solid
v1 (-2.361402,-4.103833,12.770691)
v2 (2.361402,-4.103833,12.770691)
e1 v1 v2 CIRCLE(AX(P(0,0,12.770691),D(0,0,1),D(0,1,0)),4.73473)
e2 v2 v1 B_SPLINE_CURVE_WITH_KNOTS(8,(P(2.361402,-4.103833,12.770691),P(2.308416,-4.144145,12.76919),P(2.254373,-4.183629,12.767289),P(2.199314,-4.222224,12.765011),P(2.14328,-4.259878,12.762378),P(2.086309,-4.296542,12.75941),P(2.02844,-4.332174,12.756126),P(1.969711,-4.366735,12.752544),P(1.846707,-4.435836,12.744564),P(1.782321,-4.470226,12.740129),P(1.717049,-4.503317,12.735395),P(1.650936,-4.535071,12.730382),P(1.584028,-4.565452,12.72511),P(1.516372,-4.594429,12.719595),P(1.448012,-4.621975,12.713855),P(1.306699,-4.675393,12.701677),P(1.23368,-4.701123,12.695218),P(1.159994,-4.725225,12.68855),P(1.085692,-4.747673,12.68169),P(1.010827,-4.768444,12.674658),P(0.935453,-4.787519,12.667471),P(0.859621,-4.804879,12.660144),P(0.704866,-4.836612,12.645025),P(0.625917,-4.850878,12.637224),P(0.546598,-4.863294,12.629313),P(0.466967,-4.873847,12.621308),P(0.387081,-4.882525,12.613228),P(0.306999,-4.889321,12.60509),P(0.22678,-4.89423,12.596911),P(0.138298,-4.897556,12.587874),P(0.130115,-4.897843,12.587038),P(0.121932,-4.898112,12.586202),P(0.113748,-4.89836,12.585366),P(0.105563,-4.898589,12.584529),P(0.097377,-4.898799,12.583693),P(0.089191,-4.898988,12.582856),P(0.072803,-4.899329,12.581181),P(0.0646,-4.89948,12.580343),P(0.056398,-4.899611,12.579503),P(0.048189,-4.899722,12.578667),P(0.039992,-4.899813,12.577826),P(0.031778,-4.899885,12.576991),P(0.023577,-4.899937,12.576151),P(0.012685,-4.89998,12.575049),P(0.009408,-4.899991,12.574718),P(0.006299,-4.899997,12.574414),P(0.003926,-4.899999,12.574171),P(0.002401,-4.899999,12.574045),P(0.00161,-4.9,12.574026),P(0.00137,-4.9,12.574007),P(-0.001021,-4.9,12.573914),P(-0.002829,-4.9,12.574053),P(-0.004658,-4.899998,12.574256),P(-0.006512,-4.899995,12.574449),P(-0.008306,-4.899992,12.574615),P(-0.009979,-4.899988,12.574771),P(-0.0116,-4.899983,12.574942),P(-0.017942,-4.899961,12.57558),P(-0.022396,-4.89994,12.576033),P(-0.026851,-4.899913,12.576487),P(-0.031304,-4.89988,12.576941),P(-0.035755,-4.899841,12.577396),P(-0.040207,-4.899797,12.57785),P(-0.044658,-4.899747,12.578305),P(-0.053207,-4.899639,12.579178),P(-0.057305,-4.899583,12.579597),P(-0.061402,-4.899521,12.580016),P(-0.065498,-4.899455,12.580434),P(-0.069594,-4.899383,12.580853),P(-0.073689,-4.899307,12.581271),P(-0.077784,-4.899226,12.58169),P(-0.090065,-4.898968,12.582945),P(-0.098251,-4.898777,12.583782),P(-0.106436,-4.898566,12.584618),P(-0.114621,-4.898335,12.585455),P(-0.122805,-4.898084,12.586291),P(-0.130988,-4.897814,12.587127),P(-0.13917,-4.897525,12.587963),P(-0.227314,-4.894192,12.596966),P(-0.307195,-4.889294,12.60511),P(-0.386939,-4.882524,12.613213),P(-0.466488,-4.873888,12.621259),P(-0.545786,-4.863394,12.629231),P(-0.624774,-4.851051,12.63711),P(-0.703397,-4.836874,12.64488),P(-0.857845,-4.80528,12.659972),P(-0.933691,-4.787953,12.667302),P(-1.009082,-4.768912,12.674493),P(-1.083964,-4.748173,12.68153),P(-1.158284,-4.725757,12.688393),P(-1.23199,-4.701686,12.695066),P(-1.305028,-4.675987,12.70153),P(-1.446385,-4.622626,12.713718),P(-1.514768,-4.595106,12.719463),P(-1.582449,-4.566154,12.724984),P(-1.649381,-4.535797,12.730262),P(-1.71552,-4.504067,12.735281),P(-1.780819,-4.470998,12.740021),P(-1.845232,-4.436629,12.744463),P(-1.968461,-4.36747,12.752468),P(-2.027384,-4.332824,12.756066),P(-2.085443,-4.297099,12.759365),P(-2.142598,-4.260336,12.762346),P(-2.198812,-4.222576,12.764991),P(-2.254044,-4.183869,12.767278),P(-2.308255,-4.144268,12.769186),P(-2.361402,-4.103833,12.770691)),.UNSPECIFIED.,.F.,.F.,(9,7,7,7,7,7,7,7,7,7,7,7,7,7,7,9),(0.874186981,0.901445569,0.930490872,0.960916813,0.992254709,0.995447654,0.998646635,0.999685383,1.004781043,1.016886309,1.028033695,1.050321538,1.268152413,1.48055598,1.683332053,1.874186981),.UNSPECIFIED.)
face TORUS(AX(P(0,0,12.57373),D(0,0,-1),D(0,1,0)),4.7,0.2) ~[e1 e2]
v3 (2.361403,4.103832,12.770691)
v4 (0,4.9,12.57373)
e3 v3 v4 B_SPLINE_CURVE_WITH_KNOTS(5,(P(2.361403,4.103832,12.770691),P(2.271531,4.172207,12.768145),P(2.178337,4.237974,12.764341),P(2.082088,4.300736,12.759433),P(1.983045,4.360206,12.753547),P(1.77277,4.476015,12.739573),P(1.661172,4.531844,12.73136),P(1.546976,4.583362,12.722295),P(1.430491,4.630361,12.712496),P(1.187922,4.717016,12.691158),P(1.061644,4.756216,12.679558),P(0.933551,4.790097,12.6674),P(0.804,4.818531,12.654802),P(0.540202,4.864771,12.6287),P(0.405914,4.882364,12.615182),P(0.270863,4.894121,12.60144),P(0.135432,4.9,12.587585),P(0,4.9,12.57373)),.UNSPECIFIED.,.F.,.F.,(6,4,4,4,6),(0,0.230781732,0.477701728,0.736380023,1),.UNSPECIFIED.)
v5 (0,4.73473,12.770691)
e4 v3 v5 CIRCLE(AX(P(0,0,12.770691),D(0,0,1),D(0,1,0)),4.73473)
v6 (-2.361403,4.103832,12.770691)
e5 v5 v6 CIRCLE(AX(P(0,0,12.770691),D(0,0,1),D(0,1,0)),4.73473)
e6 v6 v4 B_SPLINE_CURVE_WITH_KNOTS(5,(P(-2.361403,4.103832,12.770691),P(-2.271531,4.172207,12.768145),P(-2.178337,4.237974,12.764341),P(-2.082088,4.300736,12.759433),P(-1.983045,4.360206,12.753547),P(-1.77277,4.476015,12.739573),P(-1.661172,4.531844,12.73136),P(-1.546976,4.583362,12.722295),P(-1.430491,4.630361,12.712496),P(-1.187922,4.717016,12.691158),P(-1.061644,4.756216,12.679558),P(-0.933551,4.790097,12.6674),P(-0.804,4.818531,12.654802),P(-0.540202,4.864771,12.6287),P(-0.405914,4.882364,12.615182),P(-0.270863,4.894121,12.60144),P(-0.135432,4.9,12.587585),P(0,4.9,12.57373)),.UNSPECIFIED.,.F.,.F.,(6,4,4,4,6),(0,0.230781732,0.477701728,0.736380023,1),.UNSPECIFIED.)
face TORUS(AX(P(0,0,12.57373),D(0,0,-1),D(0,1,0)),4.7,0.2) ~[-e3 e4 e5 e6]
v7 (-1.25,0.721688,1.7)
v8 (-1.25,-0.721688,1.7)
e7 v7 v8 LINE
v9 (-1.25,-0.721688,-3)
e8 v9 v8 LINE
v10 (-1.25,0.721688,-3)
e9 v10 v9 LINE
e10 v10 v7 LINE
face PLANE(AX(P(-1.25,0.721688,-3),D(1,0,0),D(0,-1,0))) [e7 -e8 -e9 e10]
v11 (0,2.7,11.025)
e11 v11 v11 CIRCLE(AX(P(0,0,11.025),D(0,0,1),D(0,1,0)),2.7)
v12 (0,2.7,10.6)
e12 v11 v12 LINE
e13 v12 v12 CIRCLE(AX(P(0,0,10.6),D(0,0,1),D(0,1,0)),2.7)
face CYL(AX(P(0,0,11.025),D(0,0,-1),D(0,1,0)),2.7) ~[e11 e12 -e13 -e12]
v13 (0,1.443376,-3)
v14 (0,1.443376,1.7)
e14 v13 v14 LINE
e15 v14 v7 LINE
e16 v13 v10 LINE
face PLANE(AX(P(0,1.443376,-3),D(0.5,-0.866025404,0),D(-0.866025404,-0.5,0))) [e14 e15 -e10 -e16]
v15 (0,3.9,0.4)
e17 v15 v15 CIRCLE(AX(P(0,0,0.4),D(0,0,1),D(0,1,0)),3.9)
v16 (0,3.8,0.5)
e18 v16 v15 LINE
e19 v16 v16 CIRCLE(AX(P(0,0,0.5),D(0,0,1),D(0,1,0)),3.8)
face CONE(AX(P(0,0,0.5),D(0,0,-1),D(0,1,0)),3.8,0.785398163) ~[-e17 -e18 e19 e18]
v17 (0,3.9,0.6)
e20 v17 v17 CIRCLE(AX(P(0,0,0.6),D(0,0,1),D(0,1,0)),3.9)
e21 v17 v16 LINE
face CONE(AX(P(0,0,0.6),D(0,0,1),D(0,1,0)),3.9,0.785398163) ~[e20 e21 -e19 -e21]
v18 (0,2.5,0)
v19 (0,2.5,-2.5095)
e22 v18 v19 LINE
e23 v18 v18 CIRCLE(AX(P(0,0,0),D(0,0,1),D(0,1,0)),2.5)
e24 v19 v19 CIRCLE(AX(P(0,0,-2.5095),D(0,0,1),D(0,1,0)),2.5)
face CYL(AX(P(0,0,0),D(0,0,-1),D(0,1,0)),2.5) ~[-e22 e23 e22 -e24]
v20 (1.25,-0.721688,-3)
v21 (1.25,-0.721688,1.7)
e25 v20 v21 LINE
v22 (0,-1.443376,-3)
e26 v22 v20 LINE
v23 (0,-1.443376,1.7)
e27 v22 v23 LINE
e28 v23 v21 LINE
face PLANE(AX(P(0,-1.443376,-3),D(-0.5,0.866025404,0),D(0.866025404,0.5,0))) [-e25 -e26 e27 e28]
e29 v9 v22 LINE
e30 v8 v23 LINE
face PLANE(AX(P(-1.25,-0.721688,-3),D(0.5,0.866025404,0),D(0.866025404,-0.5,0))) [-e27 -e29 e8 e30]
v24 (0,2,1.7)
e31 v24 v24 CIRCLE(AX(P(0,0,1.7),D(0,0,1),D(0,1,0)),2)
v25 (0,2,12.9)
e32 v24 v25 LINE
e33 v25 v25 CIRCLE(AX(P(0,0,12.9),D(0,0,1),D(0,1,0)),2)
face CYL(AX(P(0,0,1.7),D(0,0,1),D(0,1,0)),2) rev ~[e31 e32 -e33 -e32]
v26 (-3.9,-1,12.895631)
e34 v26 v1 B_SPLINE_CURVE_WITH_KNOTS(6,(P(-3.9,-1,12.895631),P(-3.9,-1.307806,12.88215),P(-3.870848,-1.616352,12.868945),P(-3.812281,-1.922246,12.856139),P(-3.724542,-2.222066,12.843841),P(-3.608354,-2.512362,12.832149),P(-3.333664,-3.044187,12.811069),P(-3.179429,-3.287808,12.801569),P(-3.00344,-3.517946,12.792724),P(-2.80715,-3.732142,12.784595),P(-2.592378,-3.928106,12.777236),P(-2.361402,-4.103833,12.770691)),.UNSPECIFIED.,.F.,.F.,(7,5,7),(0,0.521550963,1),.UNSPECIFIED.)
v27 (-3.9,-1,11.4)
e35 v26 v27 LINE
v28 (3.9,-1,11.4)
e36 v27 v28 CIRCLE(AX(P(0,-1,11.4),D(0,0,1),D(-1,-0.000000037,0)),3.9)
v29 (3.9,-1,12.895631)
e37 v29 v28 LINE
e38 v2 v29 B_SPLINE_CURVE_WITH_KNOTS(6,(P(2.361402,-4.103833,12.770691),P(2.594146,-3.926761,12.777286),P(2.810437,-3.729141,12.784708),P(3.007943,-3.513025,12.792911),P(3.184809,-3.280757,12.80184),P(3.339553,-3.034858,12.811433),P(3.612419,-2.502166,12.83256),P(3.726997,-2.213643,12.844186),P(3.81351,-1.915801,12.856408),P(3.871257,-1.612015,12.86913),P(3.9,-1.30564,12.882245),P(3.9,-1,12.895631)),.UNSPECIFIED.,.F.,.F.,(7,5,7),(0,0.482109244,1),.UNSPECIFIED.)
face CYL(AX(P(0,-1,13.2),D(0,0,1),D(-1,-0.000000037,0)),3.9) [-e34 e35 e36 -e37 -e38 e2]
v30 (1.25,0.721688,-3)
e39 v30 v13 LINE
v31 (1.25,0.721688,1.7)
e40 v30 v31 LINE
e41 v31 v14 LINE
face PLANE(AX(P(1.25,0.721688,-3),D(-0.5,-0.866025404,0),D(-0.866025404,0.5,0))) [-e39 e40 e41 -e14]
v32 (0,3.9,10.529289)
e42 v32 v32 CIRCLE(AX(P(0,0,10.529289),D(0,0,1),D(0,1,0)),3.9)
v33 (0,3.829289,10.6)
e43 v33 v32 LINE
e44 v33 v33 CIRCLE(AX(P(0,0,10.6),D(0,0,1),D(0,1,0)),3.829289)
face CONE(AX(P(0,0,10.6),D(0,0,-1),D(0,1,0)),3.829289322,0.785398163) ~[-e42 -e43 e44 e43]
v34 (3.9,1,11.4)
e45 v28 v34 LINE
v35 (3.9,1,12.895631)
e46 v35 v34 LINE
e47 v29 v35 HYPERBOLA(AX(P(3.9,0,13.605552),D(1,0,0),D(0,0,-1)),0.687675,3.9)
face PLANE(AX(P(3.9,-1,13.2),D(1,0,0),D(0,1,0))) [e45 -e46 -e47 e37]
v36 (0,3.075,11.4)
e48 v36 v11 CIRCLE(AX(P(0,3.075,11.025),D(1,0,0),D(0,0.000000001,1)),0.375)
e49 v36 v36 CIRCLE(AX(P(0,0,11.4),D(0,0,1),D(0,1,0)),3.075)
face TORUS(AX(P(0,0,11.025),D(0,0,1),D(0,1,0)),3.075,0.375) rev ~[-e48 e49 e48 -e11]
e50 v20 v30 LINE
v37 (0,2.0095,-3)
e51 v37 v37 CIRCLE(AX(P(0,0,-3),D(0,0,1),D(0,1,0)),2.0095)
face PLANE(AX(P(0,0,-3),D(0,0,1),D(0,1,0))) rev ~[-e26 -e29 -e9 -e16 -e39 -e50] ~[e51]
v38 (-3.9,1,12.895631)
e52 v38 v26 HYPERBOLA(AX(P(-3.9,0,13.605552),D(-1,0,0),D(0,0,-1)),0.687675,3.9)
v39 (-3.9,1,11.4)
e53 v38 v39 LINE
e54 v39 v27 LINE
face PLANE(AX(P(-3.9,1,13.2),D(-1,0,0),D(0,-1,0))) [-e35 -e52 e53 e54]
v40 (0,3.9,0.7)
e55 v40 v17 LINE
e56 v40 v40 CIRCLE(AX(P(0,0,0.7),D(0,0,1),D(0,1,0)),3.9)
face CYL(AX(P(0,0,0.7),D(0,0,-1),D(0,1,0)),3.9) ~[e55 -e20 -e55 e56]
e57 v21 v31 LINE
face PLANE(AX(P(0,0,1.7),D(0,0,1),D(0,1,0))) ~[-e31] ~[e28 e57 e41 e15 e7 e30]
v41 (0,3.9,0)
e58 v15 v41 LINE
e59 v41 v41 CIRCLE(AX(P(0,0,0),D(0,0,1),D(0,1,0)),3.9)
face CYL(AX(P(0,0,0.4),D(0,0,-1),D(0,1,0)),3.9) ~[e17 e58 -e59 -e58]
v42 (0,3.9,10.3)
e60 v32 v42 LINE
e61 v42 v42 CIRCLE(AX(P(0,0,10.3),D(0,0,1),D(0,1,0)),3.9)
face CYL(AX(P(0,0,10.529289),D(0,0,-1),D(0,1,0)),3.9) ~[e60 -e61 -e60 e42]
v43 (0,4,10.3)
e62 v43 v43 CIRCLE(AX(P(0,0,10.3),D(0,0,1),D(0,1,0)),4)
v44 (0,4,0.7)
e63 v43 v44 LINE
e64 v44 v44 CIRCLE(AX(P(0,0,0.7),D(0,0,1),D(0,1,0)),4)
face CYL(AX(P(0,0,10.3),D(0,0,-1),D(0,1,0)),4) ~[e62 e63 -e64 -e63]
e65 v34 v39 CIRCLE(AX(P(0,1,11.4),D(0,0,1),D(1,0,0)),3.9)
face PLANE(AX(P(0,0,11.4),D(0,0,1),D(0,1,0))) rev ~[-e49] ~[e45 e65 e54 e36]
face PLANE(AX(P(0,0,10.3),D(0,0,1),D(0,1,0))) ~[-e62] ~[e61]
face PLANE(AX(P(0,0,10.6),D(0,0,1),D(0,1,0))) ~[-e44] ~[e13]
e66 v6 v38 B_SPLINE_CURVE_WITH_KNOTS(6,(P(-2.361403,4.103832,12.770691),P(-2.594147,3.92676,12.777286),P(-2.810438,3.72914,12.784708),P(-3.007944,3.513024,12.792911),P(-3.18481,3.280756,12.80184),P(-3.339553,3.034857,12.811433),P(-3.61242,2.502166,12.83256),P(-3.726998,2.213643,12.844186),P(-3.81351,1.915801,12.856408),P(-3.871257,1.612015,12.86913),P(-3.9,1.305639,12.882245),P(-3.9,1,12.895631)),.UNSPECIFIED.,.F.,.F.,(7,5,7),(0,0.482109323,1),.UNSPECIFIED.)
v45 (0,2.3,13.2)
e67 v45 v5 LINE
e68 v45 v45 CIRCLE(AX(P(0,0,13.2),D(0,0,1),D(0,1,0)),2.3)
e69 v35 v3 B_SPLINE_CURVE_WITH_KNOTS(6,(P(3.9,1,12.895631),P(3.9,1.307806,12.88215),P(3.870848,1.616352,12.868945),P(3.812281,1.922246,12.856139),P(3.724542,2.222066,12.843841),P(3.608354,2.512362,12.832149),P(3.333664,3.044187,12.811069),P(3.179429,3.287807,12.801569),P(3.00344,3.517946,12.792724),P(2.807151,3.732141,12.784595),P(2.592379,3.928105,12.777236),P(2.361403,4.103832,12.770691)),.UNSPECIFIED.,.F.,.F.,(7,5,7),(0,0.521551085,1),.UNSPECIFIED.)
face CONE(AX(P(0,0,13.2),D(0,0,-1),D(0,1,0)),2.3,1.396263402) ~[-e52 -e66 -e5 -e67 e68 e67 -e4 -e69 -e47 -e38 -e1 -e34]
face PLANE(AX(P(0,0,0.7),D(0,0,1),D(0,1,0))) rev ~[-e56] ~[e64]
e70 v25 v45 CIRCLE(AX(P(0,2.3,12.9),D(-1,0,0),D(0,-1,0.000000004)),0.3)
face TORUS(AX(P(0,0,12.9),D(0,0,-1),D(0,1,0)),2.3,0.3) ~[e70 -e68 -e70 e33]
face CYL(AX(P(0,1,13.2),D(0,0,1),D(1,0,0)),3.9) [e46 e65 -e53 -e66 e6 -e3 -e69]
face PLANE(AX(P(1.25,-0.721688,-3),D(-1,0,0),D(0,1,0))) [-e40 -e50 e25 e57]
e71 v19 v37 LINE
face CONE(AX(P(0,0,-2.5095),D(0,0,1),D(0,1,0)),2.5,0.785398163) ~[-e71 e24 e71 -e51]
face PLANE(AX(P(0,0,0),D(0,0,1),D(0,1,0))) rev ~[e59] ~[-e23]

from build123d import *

# Parameters (mm, degrees)
CUT_EXTRUDE1_DEPTH = 4.7
SKETCH3_W          = 20
SKETCH3_H          = 20
CUT_EXTRUDE2_DEPTH = 2


with BuildPart() as part:
    # Sketch1 → Revolve1 (revolve)
    with BuildSketch(Plane(origin=(0, 0, 0), x_dir=(0, 0, -1), z_dir=(1, 0, 0))):
        with BuildLine():
            Line((-1.7, 0), (-1.7, 2))
            Line((-1.7, 2), (-12.9, 2))
            ThreePointArc((-12.9, 2), (-13.112132034, 2.087867966), (-13.2, 2.3))
            Line((-13.2, 2.3), (-12.770691475, 4.734729636))
            ThreePointArc((-12.770691475, 4.734729636), (-12.702287446, 4.853208889), (-12.573729924, 4.9))
            Line((-12.573729924, 4.9), (-11.4, 4.9))
            Line((-11.4, 4.9), (-11.4, 3.075))
            ThreePointArc((-11.4, 3.075), (-11.290165043, 2.809834957), (-11.025, 2.7))
            Line((-11.025, 2.7), (-10.6, 2.7))
            Line((-10.6, 2.7), (-10.6, 3.829289322))
            Line((-10.6, 3.829289322), (-10.529289322, 3.9))
            Line((-10.529289322, 3.9), (-10.3, 3.9))
            Line((-10.3, 3.9), (-10.3, 4))
            Line((-10.3, 4), (-0.7, 4))
            Line((-0.7, 4), (-0.7, 3.9))
            Line((-0.7, 3.9), (-0.6, 3.9))
            Line((-0.6, 3.9), (-0.5, 3.8))
            Line((-0.5, 3.8), (-0.4, 3.9))
            Line((-0.4, 3.9), (0, 3.9))
            Line((0, 3.9), (0, 2.5))
            Line((0, 2.5), (2.5095, 2.5))
            Line((2.5095, 2.5), (3, 2.0095))
            Line((3, 2.0095), (3, 0))
            Line((3, 0), (-1.7, 0))
        make_face()
    revolve(axis=Axis((0, 0, -3), (0, 0, 1)))

    # Sketch2 → Cut-Extrude1 (cut)
    with BuildSketch(Plane.XY.offset(-3)):
        Polygon((-1.25, -0.721687836), (0, -1.443375673), (1.25, -0.721687836), (1.25, 0.721687836), (0, 1.443375673), (-1.25, 0.721687836), align=None)
    extrude(amount=CUT_EXTRUDE1_DEPTH, mode=Mode.SUBTRACT)

    # Sketch3 → Cut-Extrude2 (cut)
    with BuildSketch(Plane.XY.offset(13.2)):
        Rectangle(SKETCH3_W, SKETCH3_H)
        with BuildLine():
            Line((-3.9, 1), (-3.9, -1))
            ThreePointArc((-3.9, -1), (0, -4.899999854), (3.9, -1))
            Line((3.9, -1), (3.9, 1))
            ThreePointArc((3.9, 1), (0, 4.9), (-3.9, 1))
        make_face(mode=Mode.SUBTRACT)
    extrude(amount=-CUT_EXTRUDE2_DEPTH, mode=Mode.SUBTRACT)


solid = part.part
